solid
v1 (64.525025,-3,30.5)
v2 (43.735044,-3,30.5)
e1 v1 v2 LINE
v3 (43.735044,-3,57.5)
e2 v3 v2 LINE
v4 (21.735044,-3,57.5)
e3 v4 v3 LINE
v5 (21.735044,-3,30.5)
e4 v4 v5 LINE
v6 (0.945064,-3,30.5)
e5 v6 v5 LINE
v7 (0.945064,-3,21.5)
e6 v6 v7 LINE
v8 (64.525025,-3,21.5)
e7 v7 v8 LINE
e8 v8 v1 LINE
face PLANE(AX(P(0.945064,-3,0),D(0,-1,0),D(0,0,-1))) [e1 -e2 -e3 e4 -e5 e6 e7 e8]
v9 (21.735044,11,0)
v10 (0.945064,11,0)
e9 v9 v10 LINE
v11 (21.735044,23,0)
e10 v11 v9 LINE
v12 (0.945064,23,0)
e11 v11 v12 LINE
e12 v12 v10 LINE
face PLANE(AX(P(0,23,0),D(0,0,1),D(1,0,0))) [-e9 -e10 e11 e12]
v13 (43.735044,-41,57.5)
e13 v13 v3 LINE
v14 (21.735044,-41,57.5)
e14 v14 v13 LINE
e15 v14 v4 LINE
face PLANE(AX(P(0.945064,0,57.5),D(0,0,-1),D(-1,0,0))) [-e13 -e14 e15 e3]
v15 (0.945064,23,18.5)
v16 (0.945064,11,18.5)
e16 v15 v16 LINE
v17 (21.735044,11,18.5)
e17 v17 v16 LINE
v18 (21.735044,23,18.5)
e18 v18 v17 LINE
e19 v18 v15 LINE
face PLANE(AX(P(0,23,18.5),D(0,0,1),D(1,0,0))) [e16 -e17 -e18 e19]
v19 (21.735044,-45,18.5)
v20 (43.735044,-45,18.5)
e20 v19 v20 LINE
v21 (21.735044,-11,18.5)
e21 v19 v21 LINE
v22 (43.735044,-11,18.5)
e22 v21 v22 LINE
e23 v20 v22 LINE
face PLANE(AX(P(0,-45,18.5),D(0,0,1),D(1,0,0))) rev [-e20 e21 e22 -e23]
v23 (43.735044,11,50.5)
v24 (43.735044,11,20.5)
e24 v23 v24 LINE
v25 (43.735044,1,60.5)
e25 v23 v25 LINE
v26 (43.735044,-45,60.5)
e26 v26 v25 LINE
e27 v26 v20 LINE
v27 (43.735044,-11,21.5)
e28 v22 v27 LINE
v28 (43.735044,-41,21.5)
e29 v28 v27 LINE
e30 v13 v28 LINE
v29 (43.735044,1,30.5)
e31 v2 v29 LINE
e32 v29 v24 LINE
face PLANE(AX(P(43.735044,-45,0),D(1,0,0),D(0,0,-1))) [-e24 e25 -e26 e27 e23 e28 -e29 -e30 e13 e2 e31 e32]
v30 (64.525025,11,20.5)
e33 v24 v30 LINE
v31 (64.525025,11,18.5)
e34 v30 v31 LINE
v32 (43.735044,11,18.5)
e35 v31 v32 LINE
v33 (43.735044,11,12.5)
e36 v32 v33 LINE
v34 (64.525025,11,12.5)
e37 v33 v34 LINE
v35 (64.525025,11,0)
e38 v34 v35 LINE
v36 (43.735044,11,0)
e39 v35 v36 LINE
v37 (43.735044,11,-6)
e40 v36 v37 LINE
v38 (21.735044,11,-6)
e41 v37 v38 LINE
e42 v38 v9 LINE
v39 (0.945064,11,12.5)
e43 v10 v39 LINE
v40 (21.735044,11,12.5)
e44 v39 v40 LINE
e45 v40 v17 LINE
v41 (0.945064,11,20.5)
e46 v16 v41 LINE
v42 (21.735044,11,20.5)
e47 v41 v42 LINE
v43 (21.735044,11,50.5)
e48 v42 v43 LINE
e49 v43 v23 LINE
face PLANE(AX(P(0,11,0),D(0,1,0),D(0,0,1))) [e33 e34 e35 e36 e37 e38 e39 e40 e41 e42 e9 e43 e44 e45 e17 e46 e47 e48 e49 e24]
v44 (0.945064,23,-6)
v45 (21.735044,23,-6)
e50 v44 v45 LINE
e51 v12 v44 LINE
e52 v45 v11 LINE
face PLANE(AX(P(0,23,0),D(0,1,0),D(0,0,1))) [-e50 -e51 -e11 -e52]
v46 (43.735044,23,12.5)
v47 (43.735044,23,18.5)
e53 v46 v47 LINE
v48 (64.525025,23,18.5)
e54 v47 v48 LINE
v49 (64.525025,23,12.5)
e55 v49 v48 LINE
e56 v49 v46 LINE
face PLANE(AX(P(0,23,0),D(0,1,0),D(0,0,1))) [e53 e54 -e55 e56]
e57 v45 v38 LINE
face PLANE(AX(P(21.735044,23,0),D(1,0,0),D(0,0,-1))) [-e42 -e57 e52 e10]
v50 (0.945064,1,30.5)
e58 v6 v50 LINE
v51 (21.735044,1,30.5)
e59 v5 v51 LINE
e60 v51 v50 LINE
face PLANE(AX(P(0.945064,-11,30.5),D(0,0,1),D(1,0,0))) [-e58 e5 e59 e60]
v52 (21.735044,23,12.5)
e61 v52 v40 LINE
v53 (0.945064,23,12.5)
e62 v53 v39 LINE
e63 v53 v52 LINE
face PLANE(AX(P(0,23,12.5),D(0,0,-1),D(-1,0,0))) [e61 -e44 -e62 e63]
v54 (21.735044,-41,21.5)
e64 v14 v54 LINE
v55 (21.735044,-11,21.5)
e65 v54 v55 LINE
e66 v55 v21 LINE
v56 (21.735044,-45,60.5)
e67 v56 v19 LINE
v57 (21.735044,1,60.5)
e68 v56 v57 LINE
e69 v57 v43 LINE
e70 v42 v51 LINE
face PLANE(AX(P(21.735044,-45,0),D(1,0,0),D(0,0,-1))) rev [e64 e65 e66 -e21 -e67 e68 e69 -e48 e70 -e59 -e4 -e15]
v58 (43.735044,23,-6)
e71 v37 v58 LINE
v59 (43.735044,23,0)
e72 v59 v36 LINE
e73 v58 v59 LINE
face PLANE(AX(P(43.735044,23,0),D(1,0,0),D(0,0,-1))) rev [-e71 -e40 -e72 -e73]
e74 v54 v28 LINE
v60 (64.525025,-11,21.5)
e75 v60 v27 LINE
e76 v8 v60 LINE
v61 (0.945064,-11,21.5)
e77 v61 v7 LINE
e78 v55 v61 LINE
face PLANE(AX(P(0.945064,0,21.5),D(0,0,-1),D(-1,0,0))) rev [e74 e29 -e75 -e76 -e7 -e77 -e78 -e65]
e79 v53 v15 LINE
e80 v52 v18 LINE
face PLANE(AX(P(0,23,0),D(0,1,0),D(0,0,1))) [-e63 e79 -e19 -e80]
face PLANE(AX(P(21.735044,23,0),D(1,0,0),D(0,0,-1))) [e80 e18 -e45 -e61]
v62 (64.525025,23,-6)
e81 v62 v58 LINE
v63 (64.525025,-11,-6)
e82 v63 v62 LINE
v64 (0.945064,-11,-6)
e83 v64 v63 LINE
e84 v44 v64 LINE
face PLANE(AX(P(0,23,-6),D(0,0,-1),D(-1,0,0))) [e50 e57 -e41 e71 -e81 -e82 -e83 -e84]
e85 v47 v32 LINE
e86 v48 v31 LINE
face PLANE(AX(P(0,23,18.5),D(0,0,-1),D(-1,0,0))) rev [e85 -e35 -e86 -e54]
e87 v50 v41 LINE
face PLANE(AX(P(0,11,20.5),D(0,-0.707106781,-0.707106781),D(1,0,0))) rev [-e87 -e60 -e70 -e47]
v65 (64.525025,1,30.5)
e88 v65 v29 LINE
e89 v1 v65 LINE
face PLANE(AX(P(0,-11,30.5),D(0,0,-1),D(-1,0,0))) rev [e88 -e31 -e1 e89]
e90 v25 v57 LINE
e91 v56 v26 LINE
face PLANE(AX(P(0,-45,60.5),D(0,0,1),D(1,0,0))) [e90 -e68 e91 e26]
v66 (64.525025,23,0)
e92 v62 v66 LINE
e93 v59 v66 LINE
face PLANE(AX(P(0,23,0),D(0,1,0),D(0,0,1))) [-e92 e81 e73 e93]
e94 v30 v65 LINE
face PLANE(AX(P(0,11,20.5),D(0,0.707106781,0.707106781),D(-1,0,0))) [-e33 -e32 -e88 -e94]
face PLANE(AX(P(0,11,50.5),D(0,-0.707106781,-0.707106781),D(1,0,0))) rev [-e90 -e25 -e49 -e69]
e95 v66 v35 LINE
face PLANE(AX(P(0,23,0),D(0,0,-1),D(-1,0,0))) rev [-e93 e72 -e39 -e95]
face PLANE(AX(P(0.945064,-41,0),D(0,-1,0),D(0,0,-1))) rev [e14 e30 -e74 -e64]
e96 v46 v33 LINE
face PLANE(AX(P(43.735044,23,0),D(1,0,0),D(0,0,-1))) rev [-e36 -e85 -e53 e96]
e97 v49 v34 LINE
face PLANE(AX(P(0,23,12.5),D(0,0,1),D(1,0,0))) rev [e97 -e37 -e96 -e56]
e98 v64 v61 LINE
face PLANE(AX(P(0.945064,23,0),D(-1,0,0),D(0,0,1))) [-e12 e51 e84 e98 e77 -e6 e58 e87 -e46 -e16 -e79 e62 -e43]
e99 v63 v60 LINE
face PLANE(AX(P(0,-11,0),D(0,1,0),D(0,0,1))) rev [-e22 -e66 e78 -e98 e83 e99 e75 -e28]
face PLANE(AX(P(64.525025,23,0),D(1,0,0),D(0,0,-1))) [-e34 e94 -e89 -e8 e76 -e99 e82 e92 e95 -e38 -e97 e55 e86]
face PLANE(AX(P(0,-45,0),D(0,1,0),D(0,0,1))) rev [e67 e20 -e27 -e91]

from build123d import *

# Parameters (mm, degrees)
BOSS_EXTRUDE2_DEPTH   = 23
SKETCH1_W             = 20.789980378
SKETCH1_H             = 6
BOSS_EXTRUDE2_2_DEPTH = 23
BOSS_EXTRUDE2_3_DEPTH = 23
BOSS_EXTRUDE2_4_DEPTH = 23
SKETCH1_3_W           = 20.789980378
SKETCH1_3_H           = 36.5
BOSS_EXTRUDE3_DEPTH   = 11
BOSS_EXTRUDE5_DEPTH   = 45
SKETCH2_W             = 9
SKETCH2_H             = 8
CUT_EXTRUDE1_DEPTH    = 106.353028551
SKETCH3_W             = 24.5
SKETCH3_H             = 11
BOSS_EXTRUDE6_DEPTH   = 42
BOSS_EXTRUDE7_DEPTH   = 11
CHAMFER2_SIZE         = 10


with BuildPart() as part:
    # Sketch1 → Boss-Extrude2 (new body)
    with BuildSketch(Plane(origin=(0, 0, 0), x_dir=(1, 0, 0), z_dir=(0, 1, 0))):
        Polygon((0.945063883, 6), (0.945063883, 0), (1.890127766, 0), (21.735044261, 0), (21.735044261, 6), align=None)
    extrude(amount=BOSS_EXTRUDE2_DEPTH)



with BuildPart() as body_2:
    # Sketch1 → Boss-Extrude2 2 (new body)
    with BuildSketch(Plane(origin=(0, 0, 0), x_dir=(1, 0, 0), z_dir=(0, 1, 0))):
        with Locations((11.340054072, -15.5)):
            Rectangle(SKETCH1_W, SKETCH1_H)
    extrude(amount=BOSS_EXTRUDE2_2_DEPTH)


with BuildPart() as body_3:
    # Sketch1 → Boss-Extrude2 3 (new body)
    with BuildSketch(Plane(origin=(0, 0, 0), x_dir=(1, 0, 0), z_dir=(0, 1, 0))):
        with Locations((54.13003445, -15.5)):
            Rectangle(SKETCH1_W, SKETCH1_H)
    extrude(amount=BOSS_EXTRUDE2_3_DEPTH)


with BuildPart() as body_4:
    # Sketch1 → Boss-Extrude2 4 (new body)
    with BuildSketch(Plane(origin=(0, 0, 0), x_dir=(1, 0, 0), z_dir=(0, 1, 0))):
        with Locations((54.13003445, 3)):
            Rectangle(SKETCH1_W, SKETCH1_H)
    extrude(amount=BOSS_EXTRUDE2_4_DEPTH)


with BuildPart() as part_1:
    add(part.part)

    add(body_2.part)  # Boss-Extrude3 merges body 2
    # Sketch1<3> → Boss-Extrude3 (add)
    with BuildSketch(Plane(origin=(0, 0, 0), x_dir=(1, 0, 0), z_dir=(0, 1, 0))):
        with Locations((11.340054072, -12.25)):
            Rectangle(SKETCH1_3_W, SKETCH1_3_H)
        with Locations((54.13003445, -12.25)):
            Rectangle(SKETCH1_3_W, SKETCH1_3_H)
    extrude(amount=-BOSS_EXTRUDE3_DEPTH)

    # Sketch1<6> → Boss-Extrude5 (add)
    with BuildSketch(Plane(origin=(0, 0, 0), x_dir=(1, 0, 0), z_dir=(0, 1, 0))):
        Polygon((43.735044261, -18.5), (32.735044261, -18.5), (32.735044261, -60.5), (43.735044261, -60.5), (43.735044261, -30.5), align=None)
        Polygon((32.735044261, -18.5), (21.735044261, -18.5), (21.735044261, -30.5), (21.735044261, -60.5), (32.735044261, -60.5), align=None)
    extrude(amount=-BOSS_EXTRUDE5_DEPTH)

    # Sketch2 → Cut-Extrude1 (cut, through all)
    with BuildSketch(Plane(origin=(74.525024639, 0, 0), x_dir=(0, 0, -1), z_dir=(1, 0, 0))):
        Polygon((-30.5, -11), (-30.5, -3), (-41.183889214, -3), (-57.5, -3), (-57.5, -14.989659462), (-57.5, -41), (-21.5, -41), (-21.5, -11), align=None)
        with Locations((-26, -7)):
            Rectangle(SKETCH2_W, SKETCH2_H)
    extrude(amount=-CUT_EXTRUDE1_DEPTH, mode=Mode.SUBTRACT)


    add(body_3.part)  # Boss-Extrude6 merges body 3

    add(body_4.part)  # Boss-Extrude6 merges body 4
    # Sketch3 → Boss-Extrude6 (add)
    with BuildSketch(Plane.ZY.offset(-43.735044261)):
        with Locations((6.25, -5.5)):
            Rectangle(SKETCH3_W, SKETCH3_H)
    extrude(amount=BOSS_EXTRUDE6_DEPTH)

    # Sketch4 → Boss-Extrude7 (add)
    with BuildSketch(Plane(origin=(0, 0, 0), x_dir=(1, 0, 0), z_dir=(0, 1, 0))):
        Polygon((64.525024639, -18.5), (43.735044261, -18.5), (43.735044261, -12.5), (64.525024639, -12.5), (64.525024639, 0), (43.735044261, 0), (43.735044261, 6), (21.735044261, 6), (21.735044261, 0), (0.945063883, 0), (0.945063883, -12.5), (21.735044261, -12.5), (21.735044261, -18.5), (0.945063883, -18.5), (0.945063883, -30.5), (21.735044261, -30.5), (21.735044261, -60.5), (43.735044261, -60.5), (43.735044261, -30.5), (64.525024639, -30.5), align=None)
    extrude(amount=BOSS_EXTRUDE7_DEPTH)

    # Chamfer2
    chamfer2_edges = [part_1.edges().sort_by_distance(p)[0] for p in [
        (11.340054072, 11, 30.5),
        (32.735044261, 11, 60.5),
        (54.13003445, 11, 30.5),
    ]]
    chamfer(chamfer2_edges, length=CHAMFER2_SIZE)


solid = part_1.part
